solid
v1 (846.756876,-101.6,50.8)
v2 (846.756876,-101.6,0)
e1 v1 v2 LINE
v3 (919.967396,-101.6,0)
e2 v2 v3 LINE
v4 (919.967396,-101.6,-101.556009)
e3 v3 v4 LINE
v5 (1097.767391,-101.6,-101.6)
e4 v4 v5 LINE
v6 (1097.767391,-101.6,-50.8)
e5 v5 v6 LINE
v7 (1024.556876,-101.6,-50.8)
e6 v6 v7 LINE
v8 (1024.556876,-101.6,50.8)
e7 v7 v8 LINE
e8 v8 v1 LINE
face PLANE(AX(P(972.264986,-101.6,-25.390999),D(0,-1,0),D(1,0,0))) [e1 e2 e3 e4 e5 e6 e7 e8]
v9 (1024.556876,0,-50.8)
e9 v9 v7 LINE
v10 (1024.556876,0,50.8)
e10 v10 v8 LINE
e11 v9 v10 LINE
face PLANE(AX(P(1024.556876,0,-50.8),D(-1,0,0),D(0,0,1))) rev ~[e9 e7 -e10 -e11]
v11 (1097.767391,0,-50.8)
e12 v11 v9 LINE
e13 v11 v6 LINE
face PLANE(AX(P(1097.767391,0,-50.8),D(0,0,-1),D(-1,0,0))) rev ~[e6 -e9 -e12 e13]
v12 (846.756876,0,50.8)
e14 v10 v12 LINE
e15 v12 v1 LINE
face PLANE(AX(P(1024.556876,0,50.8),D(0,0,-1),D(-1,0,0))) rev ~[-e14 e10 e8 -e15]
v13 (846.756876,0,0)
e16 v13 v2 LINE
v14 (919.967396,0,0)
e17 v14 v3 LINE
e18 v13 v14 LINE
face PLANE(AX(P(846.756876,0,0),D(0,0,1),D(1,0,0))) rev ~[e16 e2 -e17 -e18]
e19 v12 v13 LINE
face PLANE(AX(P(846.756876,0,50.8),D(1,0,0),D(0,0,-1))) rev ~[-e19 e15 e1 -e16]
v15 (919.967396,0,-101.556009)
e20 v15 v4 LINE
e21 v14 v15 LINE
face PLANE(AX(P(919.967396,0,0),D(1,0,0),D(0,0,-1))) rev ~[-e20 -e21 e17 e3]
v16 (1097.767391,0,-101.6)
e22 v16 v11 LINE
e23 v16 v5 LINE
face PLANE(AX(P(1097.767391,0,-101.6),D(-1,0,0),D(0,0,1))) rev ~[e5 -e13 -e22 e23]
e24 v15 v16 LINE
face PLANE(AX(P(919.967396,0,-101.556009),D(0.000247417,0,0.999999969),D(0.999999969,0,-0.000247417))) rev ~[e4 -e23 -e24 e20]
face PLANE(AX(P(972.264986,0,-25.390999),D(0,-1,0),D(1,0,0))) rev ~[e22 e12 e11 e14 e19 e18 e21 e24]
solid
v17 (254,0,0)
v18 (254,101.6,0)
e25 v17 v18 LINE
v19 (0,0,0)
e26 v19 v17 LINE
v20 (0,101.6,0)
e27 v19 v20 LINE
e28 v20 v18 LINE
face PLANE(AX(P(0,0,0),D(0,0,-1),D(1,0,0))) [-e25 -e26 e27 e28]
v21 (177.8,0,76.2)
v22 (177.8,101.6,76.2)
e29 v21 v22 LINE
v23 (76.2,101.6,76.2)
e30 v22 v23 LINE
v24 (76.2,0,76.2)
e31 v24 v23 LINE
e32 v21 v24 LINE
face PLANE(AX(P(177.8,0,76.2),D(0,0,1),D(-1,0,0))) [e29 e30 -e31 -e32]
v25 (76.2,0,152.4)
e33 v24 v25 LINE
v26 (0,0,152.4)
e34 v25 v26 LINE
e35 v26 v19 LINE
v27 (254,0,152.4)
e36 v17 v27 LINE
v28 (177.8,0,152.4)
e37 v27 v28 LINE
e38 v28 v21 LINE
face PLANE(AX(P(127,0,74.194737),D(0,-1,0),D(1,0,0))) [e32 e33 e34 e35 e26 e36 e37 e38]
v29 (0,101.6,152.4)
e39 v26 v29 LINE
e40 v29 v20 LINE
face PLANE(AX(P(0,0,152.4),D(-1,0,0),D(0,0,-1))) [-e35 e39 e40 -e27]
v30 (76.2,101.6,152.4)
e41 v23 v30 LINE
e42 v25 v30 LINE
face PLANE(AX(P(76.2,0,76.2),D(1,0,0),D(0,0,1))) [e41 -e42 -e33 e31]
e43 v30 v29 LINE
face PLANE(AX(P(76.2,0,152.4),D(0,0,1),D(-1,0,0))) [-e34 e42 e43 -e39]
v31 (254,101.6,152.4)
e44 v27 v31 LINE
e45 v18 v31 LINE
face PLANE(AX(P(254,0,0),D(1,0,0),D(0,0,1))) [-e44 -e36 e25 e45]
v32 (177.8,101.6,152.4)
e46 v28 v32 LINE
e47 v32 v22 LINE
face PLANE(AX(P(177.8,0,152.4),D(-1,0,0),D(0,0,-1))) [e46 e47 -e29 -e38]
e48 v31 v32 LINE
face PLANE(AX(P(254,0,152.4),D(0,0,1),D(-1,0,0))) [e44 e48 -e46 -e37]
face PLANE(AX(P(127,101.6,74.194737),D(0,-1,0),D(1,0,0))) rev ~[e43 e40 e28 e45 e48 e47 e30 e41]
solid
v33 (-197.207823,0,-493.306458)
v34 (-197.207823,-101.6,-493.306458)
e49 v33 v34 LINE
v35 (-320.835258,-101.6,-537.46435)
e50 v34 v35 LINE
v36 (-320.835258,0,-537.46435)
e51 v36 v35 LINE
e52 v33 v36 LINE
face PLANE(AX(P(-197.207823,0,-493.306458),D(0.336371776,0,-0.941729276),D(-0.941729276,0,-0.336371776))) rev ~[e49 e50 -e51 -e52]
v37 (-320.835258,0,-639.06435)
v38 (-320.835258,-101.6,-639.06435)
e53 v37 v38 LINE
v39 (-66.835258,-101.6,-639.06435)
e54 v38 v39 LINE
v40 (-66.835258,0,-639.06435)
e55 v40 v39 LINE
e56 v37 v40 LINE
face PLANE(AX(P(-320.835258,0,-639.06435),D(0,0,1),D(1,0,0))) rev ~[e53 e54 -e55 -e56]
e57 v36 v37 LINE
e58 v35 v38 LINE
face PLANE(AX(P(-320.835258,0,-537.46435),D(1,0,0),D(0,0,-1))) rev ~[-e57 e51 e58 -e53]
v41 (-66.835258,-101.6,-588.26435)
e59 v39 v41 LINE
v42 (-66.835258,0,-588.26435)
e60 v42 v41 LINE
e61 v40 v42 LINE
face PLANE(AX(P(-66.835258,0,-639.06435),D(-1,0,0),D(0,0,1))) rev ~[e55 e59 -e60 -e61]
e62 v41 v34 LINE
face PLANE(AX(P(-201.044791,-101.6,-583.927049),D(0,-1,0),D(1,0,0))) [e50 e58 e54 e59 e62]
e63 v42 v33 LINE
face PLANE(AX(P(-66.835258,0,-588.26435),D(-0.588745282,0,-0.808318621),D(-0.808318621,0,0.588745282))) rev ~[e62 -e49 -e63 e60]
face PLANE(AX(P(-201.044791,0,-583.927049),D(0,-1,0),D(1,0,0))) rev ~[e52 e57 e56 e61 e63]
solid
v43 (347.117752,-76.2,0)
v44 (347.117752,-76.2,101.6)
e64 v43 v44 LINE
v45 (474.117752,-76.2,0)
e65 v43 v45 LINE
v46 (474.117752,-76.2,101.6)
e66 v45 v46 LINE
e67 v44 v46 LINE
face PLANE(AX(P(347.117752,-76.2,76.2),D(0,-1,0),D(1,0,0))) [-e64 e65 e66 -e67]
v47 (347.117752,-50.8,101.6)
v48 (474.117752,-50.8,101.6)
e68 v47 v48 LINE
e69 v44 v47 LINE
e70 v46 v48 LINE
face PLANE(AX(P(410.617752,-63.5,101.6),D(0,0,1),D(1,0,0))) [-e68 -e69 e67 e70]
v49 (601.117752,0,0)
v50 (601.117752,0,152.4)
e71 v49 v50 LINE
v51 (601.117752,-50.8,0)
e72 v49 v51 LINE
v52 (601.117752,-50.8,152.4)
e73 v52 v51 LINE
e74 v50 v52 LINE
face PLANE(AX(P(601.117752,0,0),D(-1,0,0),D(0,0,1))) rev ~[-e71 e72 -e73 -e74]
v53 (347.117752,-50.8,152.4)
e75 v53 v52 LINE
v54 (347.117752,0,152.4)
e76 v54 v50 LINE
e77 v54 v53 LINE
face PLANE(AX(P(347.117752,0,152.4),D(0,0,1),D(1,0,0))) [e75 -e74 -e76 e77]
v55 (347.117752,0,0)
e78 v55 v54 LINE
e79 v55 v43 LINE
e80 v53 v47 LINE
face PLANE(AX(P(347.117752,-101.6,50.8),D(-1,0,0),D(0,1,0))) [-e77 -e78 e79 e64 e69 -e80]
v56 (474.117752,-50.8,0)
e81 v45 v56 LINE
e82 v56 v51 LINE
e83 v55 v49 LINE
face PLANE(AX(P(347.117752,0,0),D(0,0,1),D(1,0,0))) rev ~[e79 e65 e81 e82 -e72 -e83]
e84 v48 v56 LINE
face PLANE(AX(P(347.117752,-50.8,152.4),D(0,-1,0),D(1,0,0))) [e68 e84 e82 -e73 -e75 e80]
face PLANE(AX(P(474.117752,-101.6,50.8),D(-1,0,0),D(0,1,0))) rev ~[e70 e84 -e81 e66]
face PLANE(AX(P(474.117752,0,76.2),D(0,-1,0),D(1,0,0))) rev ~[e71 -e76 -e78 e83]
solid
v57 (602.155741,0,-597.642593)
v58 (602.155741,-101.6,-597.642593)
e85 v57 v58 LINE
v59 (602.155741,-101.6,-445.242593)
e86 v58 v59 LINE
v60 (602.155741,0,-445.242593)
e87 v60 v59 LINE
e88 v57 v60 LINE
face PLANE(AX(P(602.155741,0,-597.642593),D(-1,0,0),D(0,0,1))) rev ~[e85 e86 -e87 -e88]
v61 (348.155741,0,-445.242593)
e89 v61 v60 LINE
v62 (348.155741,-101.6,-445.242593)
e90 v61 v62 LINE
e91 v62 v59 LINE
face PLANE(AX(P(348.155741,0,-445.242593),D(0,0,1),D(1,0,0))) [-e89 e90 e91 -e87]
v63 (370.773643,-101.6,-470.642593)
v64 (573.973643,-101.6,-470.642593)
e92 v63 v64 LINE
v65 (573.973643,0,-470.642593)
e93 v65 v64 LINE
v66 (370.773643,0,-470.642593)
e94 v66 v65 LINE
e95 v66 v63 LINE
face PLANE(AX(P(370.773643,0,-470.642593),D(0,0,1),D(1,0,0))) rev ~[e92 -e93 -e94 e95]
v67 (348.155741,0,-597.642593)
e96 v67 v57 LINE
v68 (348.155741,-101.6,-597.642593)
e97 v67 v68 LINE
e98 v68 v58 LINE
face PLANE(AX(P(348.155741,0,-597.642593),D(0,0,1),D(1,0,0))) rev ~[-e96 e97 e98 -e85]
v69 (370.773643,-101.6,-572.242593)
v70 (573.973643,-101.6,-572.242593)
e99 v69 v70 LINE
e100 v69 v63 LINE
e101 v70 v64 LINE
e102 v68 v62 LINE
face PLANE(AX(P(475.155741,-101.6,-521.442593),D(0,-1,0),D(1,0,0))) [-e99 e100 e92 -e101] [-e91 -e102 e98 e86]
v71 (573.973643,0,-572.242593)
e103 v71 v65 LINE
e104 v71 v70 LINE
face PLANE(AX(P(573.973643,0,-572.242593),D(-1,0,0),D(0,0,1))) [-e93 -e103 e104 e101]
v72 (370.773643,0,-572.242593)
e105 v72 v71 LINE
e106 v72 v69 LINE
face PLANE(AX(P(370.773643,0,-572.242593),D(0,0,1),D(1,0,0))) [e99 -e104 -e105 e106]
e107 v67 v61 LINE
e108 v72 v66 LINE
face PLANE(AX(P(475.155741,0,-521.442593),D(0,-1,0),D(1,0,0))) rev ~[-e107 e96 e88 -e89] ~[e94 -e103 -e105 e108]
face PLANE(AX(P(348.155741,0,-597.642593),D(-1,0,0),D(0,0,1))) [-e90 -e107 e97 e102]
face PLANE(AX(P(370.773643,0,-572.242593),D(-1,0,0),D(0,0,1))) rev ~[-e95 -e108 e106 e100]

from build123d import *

# Parameters (mm, degrees)
F1_DEPTH  = 101.6
F2_W      = 254
F2_H      = 152.4
F3_DEPTH  = 101.6
F4_W      = 127
F4_H      = 50.8
F5_DEPTH  = 152.4
F6_W      = 127
F6_H      = 101.6
F7_DEPTH  = 25.4
F8_DEPTH  = 50.8
F9_DEPTH  = 25.4
F10_DEPTH = 76.2
F11_W     = 127
F11_H     = 25.4
F12_DEPTH = 50.8
F14_DEPTH = 101.6
F16_DEPTH = 101.6
F17_W     = 254
F17_H     = 152.4
F17_W_2   = 203.2
F17_H_2   = 101.6
F18_DEPTH = 101.6


with BuildPart() as f1:
    # F0 (on Front) → F1 (new body)
    with BuildSketch(Plane.XZ):
        Polygon((254, 0), (254, 152.4), (177.8, 152.4), (177.8, 76.2), (76.2, 76.2), (76.2, 152.4), (0, 152.4), (0, 0), align=None)
    extrude(amount=-F1_DEPTH)


with BuildPart() as f3:
    # F2 (on Front) → F3 (new body)
    with BuildSketch(Plane.XZ):
        with Locations((474.1177520589, 76.2)):
            Rectangle(F2_W, F2_H)
    extrude(amount=F3_DEPTH)

    # F4 (on face) → F5 (cut)
    with BuildSketch(Plane.XY.offset(152.4)):
        with Locations((537.6177520589, -76.2)):
            Rectangle(F4_W, F4_H)
    extrude(amount=-F5_DEPTH, mode=Mode.SUBTRACT)

    # F6 (on face) → F7 (cut)
    with BuildSketch(Plane.XZ.offset(101.6)):
        with Locations((410.6177520589, 101.6)):
            Rectangle(F6_W, F6_H)
    extrude(amount=-F7_DEPTH, mode=Mode.SUBTRACT)

    # F8 (add): a face of the model
    f8_faces = [f3.faces().sort_by_distance(p)[0] for p in [
        (410.6177520589, -88.9, 50.8),
    ]]
    extrude(f8_faces, amount=F8_DEPTH)

    # F9 (cut): a face of the model
    f9_faces = [f3.faces().sort_by_distance(p)[0] for p in [
        (410.6177520589, -88.9, 101.6),
    ]]
    extrude(f9_faces, amount=-F9_DEPTH, mode=Mode.SUBTRACT)

    # F10 (cut): a face of the model
    f10_faces = [f3.faces().sort_by_distance(p)[0] for p in [
        (410.6177520589, -88.9, 76.2),
    ]]
    extrude(f10_faces, amount=-F10_DEPTH, mode=Mode.SUBTRACT)

    # F11 (on face) → F12 (cut)
    with BuildSketch(Plane.XY.offset(152.4)):
        with Locations((410.6177520589, -63.5)):
            Rectangle(F11_W, F11_H)
    extrude(amount=-F12_DEPTH, mode=Mode.SUBTRACT)


with BuildPart() as f14:
    # F13 (on Front) → F14 (new body)
    with BuildSketch(Plane.XZ):
        Polygon((919.9673964482, -101.5560092506), (1097.7673910061, -101.6), (1097.7673910061, -50.8), (1024.556875515, -50.8), (1024.556875515, 50.8), (846.756875515, 50.8), (846.756875515, 0), (919.9673964482, 0), align=None)
    extrude(amount=F14_DEPTH)


with BuildPart() as f16:
    # F15 (on Front) → F16 (new body)
    with BuildSketch(Plane.XZ):
        Polygon((-320.8352584839, -639.0643502142), (-66.8352584839, -639.0643502142), (-66.8352584839, -588.2643502142), (-197.2078233957, -493.3064579964), (-320.8352584839, -537.4643502142), align=None)
    extrude(amount=F16_DEPTH)


with BuildPart() as f18:
    # F17 (on Front) → F18 (new body)
    with BuildSketch(Plane.XZ):
        with Locations((475.1557409763, -521.442592729)):
            Rectangle(F17_W, F17_H)
        with Locations((472.3736432552, -521.442592729)):
            Rectangle(F17_W_2, F17_H_2, mode=Mode.SUBTRACT)
    extrude(amount=F18_DEPTH)


solid = Compound([f1.part, f3.part, f14.part, f16.part, f18.part])
